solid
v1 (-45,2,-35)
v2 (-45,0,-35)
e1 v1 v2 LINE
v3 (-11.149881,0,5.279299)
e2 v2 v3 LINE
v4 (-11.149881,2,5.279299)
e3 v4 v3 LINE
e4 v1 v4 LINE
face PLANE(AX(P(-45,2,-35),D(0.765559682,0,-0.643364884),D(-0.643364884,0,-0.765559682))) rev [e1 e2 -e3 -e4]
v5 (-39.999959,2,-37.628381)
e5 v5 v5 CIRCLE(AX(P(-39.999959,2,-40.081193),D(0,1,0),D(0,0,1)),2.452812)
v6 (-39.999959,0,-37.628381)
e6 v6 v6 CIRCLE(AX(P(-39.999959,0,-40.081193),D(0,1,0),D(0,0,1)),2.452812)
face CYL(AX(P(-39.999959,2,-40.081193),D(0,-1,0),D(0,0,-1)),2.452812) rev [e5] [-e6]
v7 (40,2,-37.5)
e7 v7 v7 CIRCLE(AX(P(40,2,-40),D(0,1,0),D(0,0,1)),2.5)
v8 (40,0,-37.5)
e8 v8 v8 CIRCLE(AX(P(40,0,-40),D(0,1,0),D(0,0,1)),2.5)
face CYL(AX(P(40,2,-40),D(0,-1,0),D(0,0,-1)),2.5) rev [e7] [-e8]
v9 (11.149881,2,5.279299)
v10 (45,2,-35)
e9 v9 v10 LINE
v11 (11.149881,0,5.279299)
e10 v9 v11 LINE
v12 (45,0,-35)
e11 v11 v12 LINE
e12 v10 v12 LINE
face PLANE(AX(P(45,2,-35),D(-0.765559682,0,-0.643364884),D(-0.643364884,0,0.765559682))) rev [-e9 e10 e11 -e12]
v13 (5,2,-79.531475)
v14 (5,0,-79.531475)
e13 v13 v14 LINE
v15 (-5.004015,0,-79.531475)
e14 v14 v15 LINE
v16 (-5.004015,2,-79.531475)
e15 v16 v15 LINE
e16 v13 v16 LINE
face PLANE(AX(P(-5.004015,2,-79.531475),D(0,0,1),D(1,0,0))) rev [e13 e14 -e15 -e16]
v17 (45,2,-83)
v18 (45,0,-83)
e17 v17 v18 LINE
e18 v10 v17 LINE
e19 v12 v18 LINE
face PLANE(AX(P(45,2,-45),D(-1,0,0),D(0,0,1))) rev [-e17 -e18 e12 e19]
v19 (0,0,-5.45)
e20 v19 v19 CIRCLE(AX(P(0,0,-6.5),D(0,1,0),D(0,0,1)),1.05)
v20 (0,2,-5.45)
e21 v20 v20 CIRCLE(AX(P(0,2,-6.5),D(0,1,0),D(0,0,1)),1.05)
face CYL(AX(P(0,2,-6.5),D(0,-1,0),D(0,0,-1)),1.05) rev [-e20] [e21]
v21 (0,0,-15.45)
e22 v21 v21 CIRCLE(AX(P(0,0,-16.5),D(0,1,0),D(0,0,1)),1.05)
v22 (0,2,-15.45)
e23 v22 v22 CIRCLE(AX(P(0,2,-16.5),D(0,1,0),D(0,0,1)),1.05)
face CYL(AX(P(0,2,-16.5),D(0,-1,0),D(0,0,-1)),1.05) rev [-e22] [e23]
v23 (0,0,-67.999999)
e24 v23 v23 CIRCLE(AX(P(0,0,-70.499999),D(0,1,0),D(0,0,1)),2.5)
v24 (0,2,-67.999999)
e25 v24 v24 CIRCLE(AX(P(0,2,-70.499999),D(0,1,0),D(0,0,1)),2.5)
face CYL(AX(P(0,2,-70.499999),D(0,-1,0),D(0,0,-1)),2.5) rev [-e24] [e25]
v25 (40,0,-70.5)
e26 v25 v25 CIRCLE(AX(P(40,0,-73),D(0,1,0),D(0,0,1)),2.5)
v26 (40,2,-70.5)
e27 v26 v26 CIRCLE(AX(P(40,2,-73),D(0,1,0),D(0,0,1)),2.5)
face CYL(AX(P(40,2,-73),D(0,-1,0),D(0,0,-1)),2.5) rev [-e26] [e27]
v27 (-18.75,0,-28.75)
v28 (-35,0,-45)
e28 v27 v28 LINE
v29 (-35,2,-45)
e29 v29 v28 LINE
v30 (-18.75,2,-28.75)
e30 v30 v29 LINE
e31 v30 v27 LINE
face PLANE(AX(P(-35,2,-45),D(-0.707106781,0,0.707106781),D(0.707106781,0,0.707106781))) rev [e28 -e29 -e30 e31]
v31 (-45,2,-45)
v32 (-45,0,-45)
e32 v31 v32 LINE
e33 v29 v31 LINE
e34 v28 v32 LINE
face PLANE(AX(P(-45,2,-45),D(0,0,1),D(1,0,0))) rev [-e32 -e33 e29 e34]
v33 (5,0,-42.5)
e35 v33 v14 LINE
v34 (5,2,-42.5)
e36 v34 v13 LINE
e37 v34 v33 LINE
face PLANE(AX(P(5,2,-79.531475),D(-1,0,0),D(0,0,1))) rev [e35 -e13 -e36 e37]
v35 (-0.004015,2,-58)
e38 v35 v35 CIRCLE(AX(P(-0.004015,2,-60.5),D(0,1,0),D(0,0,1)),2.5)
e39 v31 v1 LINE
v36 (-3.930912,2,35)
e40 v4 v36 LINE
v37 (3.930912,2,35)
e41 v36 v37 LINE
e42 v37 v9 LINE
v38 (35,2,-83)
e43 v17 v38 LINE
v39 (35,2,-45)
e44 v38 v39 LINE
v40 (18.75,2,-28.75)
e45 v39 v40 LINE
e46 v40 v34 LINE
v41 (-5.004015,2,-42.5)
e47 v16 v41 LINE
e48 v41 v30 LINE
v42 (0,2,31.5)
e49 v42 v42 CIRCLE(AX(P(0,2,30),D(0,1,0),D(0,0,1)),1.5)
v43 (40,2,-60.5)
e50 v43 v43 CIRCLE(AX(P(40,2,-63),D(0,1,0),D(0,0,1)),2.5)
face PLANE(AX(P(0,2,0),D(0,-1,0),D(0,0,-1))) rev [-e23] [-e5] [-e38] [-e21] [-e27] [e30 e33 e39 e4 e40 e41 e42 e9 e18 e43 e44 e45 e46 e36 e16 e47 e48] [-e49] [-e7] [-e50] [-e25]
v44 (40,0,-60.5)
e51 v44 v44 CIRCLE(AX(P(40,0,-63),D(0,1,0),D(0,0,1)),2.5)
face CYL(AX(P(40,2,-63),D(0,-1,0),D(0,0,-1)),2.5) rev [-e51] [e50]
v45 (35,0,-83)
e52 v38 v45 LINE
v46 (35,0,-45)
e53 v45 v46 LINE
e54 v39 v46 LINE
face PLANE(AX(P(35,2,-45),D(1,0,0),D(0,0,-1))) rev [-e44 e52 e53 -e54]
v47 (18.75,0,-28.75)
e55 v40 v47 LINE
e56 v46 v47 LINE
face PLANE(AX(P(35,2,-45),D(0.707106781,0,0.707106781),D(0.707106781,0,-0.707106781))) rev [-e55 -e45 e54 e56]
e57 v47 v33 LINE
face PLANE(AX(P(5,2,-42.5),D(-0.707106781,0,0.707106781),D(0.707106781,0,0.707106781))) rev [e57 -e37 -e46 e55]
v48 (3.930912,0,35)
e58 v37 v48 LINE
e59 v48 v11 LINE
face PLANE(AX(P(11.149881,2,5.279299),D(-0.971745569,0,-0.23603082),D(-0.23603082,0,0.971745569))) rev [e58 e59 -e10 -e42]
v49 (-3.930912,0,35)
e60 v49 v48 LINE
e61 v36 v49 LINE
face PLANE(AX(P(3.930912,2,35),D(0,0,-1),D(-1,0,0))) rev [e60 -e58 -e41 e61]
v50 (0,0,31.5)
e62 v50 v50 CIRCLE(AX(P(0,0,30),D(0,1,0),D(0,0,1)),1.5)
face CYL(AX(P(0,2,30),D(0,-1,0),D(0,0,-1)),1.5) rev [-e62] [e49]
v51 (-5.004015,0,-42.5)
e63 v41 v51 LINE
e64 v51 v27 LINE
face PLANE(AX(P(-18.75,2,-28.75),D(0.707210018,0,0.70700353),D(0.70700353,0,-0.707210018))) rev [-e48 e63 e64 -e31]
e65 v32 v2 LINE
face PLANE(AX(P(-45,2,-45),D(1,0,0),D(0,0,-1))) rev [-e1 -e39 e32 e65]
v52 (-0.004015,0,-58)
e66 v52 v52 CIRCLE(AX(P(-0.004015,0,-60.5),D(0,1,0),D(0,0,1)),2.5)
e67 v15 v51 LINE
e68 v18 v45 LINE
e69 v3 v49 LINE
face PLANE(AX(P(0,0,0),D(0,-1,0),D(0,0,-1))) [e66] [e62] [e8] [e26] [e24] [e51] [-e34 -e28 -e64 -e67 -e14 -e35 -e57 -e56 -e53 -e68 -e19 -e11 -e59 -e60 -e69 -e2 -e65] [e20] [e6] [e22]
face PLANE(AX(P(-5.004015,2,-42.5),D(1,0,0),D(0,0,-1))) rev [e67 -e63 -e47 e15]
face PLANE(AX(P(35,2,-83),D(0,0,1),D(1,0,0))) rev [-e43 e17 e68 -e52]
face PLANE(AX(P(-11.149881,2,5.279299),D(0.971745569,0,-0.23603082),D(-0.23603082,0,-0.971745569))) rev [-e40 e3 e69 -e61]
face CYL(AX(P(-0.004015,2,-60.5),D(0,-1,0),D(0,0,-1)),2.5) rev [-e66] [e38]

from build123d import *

# Parameters (mm, degrees)
SKETCH1_R           = 2.452812329
SKETCH1_R_2         = 2.5
SKETCH1_R_3         = 1.05
SKETCH1_R_4         = 1.5
BOSS_EXTRUDE1_DEPTH = 2


with BuildPart() as part:
    # Sketch1 → Boss-Extrude1 (new body)
    with BuildSketch(Plane(origin=(0, 0, 0), x_dir=(1, 0, 0), z_dir=(0, 1, 0))):
        Polygon((45, 45), (45, 35), (11.149880928, -5.279298766), (3.930911566, -35), (-3.930911566, -35), (-11.149880928, -5.279298766), (-45, 35), (-45, 45), (-35, 45), (-18.75, 28.75), (-5.004014664, 42.5), (-5.004014664, 79.531475099), (5, 79.531475099), (5, 42.5), (18.75, 28.75), (35, 45), (35, 83), (45, 83), align=None)
        with Locations(Location((-39.999958798, 40.081193315, 0), (0, 0, 270))):
            Circle(SKETCH1_R, mode=Mode.SUBTRACT)
        with Locations(Location((40, 40, 0), (0, 0, 270))):
            Circle(SKETCH1_R_2, mode=Mode.SUBTRACT)
        with Locations(Location((40, 63, 0), (0, 0, 270))):
            Circle(SKETCH1_R_2, mode=Mode.SUBTRACT)
        with Locations(Location((40, 73, 0), (0, 0, 270))):
            Circle(SKETCH1_R_2, mode=Mode.SUBTRACT)
        with Locations(Location((-0.004014664, 60.5, 0), (0, 0, 270))):
            Circle(SKETCH1_R_2, mode=Mode.SUBTRACT)
        with Locations(Location((0, 70.499999194, 0), (0, 0, 270))):
            Circle(SKETCH1_R_2, mode=Mode.SUBTRACT)
        with Locations(Location((0, 6.5, 0), (0, 0, 270))):
            Circle(SKETCH1_R_3, mode=Mode.SUBTRACT)
        with Locations(Location((0, 16.5, 0), (0, 0, 270))):
            Circle(SKETCH1_R_3, mode=Mode.SUBTRACT)
        with Locations(Location((0, -30, 0), (0, 0, 270))):
            Circle(SKETCH1_R_4, mode=Mode.SUBTRACT)
    extrude(amount=BOSS_EXTRUDE1_DEPTH)


solid = part.part
